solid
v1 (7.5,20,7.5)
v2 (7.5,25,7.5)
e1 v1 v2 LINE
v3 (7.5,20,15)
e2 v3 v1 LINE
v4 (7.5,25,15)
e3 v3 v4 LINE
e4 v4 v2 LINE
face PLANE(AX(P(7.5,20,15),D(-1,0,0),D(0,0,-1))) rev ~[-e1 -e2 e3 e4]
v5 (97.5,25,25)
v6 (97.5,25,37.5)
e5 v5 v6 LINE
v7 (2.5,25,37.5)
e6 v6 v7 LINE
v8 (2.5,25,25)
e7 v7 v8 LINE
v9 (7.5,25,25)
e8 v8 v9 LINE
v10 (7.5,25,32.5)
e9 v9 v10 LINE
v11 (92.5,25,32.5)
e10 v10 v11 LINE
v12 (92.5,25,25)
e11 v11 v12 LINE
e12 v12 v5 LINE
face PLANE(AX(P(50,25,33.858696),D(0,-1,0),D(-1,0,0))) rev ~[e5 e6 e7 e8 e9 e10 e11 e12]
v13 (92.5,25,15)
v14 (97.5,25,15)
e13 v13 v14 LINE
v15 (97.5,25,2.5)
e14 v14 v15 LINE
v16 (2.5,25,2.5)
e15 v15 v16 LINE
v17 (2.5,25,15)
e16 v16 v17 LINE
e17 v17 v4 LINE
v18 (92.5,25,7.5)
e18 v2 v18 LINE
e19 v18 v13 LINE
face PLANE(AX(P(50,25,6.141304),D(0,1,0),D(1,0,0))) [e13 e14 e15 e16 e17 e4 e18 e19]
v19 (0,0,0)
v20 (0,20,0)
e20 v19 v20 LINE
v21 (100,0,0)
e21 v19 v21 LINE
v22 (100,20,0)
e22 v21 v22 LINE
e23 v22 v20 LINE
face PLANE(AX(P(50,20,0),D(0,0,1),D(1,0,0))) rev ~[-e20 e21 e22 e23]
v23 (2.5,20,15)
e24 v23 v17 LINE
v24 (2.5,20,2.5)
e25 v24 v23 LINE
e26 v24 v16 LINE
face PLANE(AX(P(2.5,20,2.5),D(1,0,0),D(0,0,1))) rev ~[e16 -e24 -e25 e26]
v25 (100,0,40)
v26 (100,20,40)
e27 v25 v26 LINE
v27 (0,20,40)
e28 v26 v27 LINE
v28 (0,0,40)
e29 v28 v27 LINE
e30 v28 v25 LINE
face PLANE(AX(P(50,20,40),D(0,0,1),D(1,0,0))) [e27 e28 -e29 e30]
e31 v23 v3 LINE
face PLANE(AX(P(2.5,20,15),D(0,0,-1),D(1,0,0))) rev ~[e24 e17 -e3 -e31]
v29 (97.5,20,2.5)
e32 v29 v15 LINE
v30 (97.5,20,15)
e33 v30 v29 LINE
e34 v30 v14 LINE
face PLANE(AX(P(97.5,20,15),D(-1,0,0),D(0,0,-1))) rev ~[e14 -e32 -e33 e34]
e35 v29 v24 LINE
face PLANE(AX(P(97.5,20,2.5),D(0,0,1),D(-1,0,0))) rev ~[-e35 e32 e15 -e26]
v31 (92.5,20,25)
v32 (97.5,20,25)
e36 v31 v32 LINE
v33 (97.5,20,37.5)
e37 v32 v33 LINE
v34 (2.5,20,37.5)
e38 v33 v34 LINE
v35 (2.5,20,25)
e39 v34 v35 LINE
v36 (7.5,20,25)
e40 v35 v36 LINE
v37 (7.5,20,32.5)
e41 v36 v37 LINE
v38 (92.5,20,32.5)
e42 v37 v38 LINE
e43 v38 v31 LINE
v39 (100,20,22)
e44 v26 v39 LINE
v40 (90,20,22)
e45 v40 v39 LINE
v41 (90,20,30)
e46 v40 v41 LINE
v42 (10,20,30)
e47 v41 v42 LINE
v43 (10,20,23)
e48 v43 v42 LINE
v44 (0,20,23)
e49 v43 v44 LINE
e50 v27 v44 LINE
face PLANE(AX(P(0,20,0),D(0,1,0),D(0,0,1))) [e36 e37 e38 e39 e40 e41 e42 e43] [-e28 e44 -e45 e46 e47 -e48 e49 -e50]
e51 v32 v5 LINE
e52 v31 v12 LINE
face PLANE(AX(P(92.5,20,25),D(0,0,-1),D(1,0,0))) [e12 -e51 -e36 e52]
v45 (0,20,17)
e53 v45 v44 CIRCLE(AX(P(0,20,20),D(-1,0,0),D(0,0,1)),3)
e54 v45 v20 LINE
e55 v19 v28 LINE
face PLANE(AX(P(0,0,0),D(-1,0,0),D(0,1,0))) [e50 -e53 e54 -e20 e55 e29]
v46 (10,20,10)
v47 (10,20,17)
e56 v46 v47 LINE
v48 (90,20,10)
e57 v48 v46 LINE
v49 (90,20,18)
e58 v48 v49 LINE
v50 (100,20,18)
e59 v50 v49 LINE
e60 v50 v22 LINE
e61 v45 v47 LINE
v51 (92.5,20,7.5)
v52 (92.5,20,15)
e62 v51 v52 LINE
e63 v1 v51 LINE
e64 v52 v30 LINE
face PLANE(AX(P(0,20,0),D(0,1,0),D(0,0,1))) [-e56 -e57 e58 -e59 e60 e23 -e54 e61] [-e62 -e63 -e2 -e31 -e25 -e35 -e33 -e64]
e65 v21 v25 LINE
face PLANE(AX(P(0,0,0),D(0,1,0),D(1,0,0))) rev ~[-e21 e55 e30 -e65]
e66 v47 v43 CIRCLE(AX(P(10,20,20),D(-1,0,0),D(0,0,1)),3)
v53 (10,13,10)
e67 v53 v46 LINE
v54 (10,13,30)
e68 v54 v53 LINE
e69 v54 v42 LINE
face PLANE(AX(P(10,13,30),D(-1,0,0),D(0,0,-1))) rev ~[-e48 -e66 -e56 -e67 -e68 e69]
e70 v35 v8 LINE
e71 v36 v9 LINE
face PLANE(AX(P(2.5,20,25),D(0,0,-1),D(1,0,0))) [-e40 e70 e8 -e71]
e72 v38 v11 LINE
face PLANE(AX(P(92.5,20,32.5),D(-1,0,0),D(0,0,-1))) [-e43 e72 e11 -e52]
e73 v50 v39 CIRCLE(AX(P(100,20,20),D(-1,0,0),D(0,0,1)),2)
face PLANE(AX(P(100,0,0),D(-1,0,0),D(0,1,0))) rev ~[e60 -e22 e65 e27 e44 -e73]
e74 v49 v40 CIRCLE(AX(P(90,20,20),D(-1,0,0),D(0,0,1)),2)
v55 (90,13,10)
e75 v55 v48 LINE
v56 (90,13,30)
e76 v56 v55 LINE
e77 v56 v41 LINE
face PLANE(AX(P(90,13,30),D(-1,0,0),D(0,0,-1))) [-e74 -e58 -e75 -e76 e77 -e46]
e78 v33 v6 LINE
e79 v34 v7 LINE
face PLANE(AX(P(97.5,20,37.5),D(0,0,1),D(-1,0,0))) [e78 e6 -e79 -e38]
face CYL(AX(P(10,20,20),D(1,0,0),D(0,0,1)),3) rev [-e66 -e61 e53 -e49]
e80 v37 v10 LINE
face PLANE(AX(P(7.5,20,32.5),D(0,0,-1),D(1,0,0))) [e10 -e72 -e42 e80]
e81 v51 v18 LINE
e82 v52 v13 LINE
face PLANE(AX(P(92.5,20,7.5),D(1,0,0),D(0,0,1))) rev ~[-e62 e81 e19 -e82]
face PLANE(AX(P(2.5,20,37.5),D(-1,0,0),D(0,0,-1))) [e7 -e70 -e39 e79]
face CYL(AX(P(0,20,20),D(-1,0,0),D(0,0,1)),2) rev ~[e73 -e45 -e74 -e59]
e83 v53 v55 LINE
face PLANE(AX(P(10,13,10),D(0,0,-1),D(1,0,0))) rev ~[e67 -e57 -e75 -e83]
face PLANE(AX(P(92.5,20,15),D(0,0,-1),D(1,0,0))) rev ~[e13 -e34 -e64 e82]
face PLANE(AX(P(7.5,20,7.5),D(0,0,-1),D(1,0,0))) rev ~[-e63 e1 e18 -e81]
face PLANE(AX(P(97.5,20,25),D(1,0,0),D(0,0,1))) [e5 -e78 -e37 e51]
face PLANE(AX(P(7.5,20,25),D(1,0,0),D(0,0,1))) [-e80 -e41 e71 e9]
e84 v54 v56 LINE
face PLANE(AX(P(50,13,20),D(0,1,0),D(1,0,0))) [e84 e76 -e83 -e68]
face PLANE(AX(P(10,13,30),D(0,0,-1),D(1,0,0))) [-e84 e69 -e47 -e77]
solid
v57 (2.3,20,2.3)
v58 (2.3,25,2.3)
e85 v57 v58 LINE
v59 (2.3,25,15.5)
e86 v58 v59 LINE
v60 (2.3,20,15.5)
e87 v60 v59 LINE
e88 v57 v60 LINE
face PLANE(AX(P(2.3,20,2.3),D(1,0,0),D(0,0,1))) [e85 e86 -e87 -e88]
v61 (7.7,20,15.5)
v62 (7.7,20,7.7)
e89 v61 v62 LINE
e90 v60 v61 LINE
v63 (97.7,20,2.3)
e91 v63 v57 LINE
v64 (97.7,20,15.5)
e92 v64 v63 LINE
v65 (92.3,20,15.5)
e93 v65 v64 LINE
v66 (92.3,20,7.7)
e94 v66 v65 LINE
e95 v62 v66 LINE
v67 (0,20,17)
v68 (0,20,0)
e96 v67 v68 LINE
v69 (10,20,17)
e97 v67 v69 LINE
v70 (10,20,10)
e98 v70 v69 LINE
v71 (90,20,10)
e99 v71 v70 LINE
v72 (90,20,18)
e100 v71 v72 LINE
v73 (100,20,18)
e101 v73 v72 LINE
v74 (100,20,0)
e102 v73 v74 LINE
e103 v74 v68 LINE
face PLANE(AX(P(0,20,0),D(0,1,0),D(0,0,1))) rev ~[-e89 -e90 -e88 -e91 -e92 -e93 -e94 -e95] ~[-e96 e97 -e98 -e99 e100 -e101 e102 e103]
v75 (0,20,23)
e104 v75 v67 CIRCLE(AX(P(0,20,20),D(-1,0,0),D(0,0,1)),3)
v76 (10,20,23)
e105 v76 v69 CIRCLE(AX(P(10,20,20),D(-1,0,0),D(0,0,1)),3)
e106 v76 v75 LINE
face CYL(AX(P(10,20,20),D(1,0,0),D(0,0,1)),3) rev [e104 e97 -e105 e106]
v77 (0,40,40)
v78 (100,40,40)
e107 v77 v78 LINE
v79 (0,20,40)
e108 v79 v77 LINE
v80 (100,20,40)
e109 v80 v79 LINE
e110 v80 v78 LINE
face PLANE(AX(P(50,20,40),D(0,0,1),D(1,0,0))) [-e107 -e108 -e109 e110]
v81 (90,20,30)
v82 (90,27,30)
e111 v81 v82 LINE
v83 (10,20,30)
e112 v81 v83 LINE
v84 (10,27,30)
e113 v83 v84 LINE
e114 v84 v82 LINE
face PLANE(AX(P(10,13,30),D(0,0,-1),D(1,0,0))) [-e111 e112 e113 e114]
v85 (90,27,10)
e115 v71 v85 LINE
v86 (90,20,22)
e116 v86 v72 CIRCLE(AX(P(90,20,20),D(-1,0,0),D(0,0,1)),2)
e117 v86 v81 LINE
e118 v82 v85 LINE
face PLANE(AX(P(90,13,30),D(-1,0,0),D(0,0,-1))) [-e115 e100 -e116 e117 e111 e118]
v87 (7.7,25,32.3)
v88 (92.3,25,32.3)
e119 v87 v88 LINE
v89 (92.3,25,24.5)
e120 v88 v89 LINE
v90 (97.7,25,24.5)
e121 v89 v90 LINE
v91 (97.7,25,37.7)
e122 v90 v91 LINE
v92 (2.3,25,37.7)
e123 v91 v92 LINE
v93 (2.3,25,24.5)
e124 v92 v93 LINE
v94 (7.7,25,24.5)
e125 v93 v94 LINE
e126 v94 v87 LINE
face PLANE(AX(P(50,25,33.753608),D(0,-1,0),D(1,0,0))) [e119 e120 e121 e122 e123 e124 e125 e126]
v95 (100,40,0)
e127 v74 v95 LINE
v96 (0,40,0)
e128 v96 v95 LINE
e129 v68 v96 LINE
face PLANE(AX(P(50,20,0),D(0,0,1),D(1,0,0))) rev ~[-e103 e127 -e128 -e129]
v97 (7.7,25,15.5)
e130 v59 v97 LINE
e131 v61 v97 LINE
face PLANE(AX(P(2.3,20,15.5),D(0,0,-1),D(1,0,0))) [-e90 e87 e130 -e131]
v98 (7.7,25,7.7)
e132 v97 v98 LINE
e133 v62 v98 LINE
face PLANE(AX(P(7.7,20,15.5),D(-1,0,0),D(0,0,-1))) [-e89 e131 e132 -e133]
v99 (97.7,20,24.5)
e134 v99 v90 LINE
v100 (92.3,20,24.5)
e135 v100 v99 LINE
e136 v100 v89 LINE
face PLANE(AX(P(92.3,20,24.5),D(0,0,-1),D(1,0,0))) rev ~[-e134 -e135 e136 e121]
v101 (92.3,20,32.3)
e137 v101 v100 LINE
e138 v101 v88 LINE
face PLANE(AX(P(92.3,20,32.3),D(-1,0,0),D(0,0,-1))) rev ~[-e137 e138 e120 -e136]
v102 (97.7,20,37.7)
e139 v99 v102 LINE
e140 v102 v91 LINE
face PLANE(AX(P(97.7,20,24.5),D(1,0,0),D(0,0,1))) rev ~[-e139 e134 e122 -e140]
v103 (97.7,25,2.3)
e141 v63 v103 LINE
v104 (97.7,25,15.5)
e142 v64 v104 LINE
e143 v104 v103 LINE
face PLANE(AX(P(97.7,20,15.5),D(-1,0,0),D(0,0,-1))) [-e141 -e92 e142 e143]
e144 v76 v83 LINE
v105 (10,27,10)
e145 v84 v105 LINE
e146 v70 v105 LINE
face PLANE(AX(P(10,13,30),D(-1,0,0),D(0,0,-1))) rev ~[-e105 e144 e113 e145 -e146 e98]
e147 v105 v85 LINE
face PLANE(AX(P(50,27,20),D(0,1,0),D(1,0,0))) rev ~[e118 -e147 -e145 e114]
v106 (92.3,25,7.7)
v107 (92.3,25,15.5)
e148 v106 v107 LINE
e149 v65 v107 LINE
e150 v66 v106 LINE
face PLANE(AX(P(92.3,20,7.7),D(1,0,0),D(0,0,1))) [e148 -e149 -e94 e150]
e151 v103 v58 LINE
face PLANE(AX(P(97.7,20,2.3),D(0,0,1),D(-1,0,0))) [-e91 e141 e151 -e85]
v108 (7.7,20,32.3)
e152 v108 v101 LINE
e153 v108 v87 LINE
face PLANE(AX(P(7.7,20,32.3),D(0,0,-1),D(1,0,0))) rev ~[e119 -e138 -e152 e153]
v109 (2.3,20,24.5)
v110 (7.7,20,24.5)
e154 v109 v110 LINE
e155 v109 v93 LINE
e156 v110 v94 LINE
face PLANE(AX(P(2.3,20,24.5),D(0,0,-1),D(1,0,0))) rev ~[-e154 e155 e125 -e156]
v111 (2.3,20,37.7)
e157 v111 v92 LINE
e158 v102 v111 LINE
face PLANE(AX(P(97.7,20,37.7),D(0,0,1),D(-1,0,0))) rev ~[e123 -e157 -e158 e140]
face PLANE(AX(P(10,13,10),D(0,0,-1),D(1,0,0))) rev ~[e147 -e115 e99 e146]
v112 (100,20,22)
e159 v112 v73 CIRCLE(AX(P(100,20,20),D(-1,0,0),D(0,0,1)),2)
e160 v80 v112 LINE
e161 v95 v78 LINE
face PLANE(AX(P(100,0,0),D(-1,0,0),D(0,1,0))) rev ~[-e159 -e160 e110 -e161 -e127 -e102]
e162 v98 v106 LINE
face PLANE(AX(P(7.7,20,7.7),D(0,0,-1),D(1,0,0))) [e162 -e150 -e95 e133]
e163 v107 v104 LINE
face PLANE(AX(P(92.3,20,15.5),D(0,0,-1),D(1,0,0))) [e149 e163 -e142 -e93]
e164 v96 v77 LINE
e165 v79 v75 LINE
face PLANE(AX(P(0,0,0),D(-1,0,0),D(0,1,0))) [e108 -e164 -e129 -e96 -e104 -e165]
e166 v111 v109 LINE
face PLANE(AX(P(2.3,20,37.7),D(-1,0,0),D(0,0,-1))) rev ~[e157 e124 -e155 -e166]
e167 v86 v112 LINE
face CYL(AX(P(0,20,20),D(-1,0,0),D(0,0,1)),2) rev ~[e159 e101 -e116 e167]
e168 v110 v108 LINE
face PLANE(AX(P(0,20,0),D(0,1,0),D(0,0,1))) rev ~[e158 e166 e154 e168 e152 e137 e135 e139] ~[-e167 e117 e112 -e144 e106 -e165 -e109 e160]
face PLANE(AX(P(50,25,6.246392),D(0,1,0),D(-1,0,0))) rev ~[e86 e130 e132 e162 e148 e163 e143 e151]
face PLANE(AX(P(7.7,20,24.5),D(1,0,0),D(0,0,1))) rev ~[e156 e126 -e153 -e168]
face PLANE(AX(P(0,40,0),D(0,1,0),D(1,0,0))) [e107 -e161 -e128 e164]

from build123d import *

# Parameters (mm, degrees)
SKETCH_1_W               = 100
SKETCH_1_H               = 40
EXTRUDE_1_DEPTH          = 40
CUT_EXTRUDE_1_DEPTH      = 7
CUT_EXTRUDE_1_DEPTH_BACK = 7
SKETCH_2_W               = 80
SKETCH_2_H               = 20
EXTRUDE_2_DEPTH          = 5
CUT_EXTRUDE_2_DEPTH      = 5
SKETCH_6_R               = 2
CUT_EXTRUDE_3_DEPTH      = 115.891252931
CUT_EXTRUDE_START        = -10
SKETCH_7_R               = 3
CUT_EXTRUDE_4_DEPTH      = 10


with BuildPart() as part:
    # ｽｹｯﾁ1 → ﾎﾞｽ - 押し出し1 (new body)
    with BuildSketch(Plane.XY):
        with Locations((50, 20)):
            Rectangle(SKETCH_1_W, SKETCH_1_H)
    extrude(amount=EXTRUDE_1_DEPTH)


with BuildPart() as body_2:
    # Split Bodies 1: the piece on the far side of the plane
    add(part.part)
    split(bisect_by=Plane.ZX.offset(20), keep=Keep.BOTTOM)


with BuildPart() as part_1:
    add(part.part)

    # Split Bodies 1
    split(bisect_by=Plane.ZX.offset(20), keep=Keep.TOP)


with BuildPart() as cut_extrude_1_tool:
    # ｽｹｯﾁ2 → ｶｯﾄ - 押し出し1 (new, two sides: drawn at the far end of the back side and taken through both)
    with BuildSketch(Plane(origin=(0, 20, 0), x_dir=(1, 0, 0), z_dir=(0, 1, 0)).offset(-CUT_EXTRUDE_1_DEPTH_BACK)):
        with Locations((50, -20)):
            Rectangle(SKETCH_2_W, SKETCH_2_H)
    extrude(amount=CUT_EXTRUDE_1_DEPTH + CUT_EXTRUDE_1_DEPTH_BACK)


with BuildPart() as part_2:
    add(part_1.part)

    # ｶｯﾄ - 押し出し1: cut by cut_extrude_1_tool
    add(cut_extrude_1_tool.part, mode=Mode.SUBTRACT)

    # ｽｹｯﾁ4 → ｶｯﾄ - 押し出し2 (cut)
    with BuildSketch(Plane.XZ.offset(-20)):
        Polygon((92.3, 32.3), (92.3, 24.5), (97.7, 24.5), (97.7, 37.7), (2.3, 37.7), (2.3, 24.5), (7.7, 24.5), (7.7, 32.3), align=None)
        Polygon((7.7, 7.7), (92.3, 7.7), (92.3, 15.5), (97.7, 15.5), (97.7, 2.3), (2.3, 2.3), (2.3, 15.5), (7.7, 15.5), align=None)
    extrude(amount=-CUT_EXTRUDE_2_DEPTH, mode=Mode.SUBTRACT)


with BuildPart() as body_2_1:
    add(body_2.part)

    # ｶｯﾄ - 押し出し1: cut by cut_extrude_1_tool
    add(cut_extrude_1_tool.part, mode=Mode.SUBTRACT)

    # ｽｹｯﾁ3 → ﾎﾞｽ - 押し出し2 (add)
    with BuildSketch(Plane(origin=(0, 20, 0), x_dir=(1, 0, 0), z_dir=(0, 1, 0))):
        Polygon((7.5, -32.5), (92.5, -32.5), (92.5, -25), (97.5, -25), (97.5, -37.5), (2.5, -37.5), (2.5, -25), (7.5, -25), align=None)
        Polygon((7.5, -7.5), (92.5, -7.5), (92.5, -15), (97.5, -15), (97.5, -2.5), (2.5, -2.5), (2.5, -15), (7.5, -15), align=None)
    extrude(amount=EXTRUDE_2_DEPTH)


with BuildPart() as cut_extrude_3_tool:
    # ｽｹｯﾁ6 → ｶｯﾄ - 押し出し3 (new, through all)
    with BuildSketch(Plane.ZY):
        with Locations((20, 20)):
            Circle(SKETCH_6_R)
    extrude(amount=-CUT_EXTRUDE_3_DEPTH)


with BuildPart() as part_3:
    add(part_2.part)

    # ｶｯﾄ - 押し出し3: cut by cut_extrude_3_tool
    add(cut_extrude_3_tool.part, mode=Mode.SUBTRACT)


with BuildPart() as body_2_2:
    add(body_2_1.part)

    # ｶｯﾄ - 押し出し3: cut by cut_extrude_3_tool
    add(cut_extrude_3_tool.part, mode=Mode.SUBTRACT)


with BuildPart() as cut_extrude_4_tool:
    # ｽｹｯﾁ7 → ｶｯﾄ - 押し出し4 (new body)
    with BuildSketch(Plane.ZY.offset(CUT_EXTRUDE_START)):
        with Locations((20, 20)):
            Circle(SKETCH_7_R)
    extrude(amount=CUT_EXTRUDE_4_DEPTH)


with BuildPart() as part_4:
    add(part_3.part)

    # ｶｯﾄ - 押し出し4: cut by cut_extrude_4_tool
    add(cut_extrude_4_tool.part, mode=Mode.SUBTRACT)


with BuildPart() as body_2_3:
    add(body_2_2.part)

    # ｶｯﾄ - 押し出し4: cut by cut_extrude_4_tool
    add(cut_extrude_4_tool.part, mode=Mode.SUBTRACT)


solid = Compound([part_4.part, body_2_3.part])
